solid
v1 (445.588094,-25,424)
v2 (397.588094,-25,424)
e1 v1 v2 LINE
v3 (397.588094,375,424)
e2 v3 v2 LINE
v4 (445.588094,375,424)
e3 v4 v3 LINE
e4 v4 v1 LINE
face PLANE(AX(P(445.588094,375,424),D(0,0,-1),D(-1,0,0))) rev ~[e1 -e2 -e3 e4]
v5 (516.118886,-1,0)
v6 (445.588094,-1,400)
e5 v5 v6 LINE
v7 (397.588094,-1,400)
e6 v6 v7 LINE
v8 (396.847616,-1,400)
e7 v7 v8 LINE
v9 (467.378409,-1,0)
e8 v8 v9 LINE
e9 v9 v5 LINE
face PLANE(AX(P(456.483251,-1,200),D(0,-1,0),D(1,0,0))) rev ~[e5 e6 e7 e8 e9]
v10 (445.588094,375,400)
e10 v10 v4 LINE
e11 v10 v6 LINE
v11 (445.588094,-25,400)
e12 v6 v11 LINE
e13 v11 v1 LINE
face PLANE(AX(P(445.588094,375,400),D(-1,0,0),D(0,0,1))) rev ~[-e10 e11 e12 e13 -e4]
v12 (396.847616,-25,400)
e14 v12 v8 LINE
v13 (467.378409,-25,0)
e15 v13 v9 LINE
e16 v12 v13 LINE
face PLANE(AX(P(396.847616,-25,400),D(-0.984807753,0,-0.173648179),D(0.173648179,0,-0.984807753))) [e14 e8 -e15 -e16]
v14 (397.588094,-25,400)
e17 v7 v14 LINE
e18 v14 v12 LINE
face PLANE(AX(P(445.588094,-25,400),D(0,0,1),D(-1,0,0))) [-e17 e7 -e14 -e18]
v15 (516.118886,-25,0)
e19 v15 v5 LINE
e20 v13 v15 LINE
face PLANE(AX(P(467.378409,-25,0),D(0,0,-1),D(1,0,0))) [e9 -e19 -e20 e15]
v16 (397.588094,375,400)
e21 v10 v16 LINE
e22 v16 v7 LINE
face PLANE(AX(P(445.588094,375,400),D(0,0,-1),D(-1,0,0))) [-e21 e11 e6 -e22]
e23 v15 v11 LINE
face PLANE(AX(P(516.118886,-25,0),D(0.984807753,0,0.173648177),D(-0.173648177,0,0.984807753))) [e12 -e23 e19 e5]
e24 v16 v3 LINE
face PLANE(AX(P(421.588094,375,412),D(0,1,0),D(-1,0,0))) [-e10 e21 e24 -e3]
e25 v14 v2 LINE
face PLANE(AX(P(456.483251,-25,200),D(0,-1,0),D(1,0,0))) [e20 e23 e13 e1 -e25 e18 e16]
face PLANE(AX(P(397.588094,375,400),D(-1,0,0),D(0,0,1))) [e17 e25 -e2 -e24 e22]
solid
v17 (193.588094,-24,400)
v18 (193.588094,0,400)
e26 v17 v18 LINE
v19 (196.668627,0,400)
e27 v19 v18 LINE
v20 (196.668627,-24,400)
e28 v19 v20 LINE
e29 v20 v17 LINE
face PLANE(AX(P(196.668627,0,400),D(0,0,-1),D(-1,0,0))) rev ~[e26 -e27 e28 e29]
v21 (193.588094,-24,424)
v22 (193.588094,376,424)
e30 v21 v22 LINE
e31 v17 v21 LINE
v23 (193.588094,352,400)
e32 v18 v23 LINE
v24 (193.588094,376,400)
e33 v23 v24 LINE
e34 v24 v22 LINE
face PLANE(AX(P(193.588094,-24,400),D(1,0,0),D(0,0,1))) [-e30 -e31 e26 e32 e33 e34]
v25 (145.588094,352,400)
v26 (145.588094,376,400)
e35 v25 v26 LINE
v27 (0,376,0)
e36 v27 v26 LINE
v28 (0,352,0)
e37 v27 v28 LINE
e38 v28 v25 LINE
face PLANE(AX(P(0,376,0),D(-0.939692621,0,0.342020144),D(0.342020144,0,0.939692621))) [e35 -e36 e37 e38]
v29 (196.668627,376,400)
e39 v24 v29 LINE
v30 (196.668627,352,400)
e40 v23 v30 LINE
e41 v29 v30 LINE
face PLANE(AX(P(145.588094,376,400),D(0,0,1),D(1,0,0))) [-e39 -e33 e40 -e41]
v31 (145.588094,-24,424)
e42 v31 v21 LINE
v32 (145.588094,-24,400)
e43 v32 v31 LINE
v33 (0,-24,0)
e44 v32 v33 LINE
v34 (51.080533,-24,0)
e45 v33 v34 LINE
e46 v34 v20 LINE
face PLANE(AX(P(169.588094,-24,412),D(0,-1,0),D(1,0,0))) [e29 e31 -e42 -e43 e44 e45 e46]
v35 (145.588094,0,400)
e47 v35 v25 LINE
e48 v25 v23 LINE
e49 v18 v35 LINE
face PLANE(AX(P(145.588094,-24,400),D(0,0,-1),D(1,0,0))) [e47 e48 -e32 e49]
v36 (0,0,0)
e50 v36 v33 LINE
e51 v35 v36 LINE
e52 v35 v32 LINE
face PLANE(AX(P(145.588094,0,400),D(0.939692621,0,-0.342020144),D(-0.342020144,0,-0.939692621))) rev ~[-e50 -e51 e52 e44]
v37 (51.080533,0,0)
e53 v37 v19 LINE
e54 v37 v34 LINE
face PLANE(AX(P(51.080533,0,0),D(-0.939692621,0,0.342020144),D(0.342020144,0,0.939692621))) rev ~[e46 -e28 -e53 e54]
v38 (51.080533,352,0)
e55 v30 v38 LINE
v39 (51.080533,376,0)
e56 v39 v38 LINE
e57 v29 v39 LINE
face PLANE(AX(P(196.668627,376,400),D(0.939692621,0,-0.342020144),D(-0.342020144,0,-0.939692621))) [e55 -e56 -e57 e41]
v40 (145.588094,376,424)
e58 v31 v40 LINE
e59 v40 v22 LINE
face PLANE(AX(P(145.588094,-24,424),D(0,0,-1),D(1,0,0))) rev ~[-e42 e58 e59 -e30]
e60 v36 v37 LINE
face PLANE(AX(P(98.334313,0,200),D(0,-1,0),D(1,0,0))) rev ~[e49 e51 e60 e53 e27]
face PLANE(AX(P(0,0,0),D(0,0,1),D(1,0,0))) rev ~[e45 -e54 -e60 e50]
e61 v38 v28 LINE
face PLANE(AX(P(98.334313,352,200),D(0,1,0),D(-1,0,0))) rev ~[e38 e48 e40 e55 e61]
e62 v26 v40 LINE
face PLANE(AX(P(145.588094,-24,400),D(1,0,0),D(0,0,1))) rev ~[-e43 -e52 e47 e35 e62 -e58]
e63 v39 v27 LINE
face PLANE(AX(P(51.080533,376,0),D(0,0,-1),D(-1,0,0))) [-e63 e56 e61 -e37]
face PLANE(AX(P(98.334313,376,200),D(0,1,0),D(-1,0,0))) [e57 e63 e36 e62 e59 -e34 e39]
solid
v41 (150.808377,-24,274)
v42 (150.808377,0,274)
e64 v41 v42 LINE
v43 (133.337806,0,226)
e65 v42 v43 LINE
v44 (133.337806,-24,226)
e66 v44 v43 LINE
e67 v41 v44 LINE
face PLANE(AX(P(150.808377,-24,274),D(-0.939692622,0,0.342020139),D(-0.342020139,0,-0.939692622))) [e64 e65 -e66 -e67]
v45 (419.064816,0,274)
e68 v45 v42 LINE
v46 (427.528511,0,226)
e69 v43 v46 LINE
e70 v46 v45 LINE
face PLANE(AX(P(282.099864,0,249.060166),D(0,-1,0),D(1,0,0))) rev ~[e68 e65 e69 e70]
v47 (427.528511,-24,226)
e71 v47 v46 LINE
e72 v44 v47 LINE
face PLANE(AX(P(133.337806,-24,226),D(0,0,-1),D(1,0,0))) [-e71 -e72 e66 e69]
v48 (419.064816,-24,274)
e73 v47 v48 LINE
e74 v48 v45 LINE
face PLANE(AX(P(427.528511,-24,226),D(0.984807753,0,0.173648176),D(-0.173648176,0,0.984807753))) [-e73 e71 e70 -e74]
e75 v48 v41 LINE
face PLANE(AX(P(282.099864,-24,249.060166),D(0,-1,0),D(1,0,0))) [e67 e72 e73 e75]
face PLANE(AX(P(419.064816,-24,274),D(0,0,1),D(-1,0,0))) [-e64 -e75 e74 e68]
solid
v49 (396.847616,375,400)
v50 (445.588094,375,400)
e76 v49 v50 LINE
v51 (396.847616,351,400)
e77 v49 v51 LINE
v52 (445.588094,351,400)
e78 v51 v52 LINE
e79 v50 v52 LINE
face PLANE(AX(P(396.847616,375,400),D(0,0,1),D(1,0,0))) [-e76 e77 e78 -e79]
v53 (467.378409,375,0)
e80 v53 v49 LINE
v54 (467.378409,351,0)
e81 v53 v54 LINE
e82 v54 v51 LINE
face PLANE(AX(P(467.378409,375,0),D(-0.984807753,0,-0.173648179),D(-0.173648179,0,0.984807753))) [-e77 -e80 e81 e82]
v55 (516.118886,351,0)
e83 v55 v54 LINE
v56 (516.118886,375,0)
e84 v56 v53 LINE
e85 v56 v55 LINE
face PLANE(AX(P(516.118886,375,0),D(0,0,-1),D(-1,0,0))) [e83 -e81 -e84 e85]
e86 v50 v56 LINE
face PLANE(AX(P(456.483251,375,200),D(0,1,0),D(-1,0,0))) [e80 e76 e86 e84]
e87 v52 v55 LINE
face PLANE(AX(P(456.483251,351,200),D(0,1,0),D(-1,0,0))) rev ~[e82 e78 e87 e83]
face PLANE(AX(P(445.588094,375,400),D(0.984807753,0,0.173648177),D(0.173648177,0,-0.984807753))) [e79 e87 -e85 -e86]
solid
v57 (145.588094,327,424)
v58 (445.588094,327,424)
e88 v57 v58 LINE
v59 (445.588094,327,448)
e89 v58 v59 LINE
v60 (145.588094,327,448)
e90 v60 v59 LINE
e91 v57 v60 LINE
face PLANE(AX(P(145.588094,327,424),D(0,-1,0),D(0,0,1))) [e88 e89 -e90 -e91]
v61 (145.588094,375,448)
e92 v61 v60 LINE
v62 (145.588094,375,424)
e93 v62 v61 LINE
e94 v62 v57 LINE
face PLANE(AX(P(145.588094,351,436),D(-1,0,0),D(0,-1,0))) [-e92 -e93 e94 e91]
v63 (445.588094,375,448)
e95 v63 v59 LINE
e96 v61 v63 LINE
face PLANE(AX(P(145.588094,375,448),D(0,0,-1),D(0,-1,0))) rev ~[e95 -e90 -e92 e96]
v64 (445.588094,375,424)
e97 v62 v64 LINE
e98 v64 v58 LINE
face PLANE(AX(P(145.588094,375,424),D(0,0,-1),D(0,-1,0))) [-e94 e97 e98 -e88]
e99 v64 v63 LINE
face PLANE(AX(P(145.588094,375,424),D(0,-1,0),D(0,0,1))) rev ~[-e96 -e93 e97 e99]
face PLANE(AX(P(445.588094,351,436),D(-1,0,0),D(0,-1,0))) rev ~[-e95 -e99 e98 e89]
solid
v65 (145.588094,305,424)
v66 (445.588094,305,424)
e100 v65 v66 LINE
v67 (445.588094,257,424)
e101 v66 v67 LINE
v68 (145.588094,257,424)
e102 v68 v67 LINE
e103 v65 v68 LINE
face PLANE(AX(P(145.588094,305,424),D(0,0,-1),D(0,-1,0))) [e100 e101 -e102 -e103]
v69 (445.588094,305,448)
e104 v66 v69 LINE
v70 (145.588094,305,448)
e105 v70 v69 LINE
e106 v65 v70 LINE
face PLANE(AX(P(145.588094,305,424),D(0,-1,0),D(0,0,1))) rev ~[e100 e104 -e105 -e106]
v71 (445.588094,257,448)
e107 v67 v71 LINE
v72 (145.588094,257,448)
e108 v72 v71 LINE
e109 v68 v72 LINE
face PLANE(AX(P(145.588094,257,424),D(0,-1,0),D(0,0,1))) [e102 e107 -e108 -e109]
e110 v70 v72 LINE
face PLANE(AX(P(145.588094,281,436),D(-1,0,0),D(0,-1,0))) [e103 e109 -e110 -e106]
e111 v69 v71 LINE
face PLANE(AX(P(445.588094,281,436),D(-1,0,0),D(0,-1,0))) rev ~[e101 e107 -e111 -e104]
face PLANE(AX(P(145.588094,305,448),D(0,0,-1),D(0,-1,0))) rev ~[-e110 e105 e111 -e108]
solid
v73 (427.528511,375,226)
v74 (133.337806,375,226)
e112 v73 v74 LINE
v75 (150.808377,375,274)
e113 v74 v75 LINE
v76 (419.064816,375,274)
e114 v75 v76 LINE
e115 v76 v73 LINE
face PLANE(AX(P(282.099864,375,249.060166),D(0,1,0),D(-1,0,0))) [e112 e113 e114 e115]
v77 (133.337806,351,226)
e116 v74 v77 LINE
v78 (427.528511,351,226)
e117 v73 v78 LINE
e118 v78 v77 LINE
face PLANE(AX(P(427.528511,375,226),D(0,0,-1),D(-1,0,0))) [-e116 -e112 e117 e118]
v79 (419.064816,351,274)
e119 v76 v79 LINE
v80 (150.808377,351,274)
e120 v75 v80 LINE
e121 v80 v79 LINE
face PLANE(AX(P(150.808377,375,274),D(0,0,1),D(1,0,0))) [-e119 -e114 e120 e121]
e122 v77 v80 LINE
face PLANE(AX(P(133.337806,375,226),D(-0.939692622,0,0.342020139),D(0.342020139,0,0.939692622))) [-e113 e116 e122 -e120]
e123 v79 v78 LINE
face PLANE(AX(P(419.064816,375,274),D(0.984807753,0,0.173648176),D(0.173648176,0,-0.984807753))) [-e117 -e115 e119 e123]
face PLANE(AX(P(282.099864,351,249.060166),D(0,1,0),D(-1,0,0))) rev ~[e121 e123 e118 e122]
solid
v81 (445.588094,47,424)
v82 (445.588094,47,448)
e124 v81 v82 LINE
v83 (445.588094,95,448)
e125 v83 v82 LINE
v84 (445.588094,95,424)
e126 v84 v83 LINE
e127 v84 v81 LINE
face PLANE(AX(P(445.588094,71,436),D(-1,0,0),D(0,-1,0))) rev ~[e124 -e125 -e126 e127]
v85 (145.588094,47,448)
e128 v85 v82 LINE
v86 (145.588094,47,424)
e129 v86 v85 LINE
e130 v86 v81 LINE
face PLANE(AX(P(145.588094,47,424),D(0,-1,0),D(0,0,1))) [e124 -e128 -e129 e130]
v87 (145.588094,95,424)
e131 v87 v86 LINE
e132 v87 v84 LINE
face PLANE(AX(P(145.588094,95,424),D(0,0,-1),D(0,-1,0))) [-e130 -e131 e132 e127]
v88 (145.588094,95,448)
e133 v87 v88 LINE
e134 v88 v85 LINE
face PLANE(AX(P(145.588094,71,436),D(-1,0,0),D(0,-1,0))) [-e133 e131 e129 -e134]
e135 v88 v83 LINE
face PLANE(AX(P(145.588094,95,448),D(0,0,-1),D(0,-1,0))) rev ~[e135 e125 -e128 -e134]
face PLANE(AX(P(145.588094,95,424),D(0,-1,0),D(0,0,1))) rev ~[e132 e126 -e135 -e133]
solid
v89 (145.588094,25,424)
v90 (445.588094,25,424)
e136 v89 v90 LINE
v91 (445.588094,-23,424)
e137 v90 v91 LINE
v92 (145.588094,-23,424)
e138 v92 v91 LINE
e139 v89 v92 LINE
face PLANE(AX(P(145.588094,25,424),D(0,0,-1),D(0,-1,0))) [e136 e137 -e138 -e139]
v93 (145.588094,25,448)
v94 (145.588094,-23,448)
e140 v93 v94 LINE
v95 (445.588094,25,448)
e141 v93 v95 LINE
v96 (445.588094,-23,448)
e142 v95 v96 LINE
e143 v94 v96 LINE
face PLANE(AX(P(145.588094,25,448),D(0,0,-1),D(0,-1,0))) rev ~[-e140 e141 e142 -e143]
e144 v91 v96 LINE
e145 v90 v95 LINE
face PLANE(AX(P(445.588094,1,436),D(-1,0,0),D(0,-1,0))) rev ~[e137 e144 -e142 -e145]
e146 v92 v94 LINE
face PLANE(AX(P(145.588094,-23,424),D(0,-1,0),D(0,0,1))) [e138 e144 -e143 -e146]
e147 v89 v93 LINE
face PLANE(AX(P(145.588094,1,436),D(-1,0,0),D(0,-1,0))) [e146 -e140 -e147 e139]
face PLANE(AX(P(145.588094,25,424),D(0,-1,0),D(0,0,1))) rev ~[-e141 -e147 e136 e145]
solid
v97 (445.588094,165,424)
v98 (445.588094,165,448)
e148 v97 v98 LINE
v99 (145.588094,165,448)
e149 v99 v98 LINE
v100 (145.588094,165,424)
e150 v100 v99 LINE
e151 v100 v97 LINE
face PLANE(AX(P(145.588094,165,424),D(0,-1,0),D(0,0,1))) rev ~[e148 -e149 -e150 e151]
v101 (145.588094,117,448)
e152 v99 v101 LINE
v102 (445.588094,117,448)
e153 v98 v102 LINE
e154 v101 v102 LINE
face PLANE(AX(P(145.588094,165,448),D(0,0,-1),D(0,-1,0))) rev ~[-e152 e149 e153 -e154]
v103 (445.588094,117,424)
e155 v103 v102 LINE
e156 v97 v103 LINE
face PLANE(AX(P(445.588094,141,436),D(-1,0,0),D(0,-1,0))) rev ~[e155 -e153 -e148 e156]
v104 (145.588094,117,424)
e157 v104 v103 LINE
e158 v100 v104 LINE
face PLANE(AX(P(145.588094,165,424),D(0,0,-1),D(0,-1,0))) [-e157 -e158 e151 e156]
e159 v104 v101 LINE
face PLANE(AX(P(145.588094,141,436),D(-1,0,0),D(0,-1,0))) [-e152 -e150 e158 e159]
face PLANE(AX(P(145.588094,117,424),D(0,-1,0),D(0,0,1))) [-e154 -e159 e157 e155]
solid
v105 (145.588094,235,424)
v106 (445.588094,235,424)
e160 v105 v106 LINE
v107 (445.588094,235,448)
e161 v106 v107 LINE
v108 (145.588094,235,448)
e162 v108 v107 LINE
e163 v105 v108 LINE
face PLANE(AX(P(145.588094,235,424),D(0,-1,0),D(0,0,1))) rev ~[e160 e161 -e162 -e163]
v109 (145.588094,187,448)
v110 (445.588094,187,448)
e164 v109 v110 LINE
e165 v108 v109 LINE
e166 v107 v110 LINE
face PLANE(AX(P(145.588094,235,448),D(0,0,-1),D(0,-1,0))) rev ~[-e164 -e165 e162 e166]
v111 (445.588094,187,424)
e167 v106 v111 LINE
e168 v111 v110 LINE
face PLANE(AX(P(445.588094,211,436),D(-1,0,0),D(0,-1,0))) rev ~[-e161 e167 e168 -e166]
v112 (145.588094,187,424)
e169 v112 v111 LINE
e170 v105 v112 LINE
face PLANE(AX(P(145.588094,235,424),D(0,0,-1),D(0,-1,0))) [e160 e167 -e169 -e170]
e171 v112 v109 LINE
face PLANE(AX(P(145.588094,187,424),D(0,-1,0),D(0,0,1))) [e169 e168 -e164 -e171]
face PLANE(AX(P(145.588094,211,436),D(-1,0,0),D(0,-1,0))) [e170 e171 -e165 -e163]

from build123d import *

# Parameters (mm, degrees)
F1_DEPTH  = 24
F2_W      = 48
F2_H      = 24
F3_DEPTH  = 400
F5_DEPTH  = 24
F6_W      = 48
F6_H      = 24
F7_DEPTH  = 300
F8_W      = 48
F8_H      = 24
F9_DEPTH  = 400
F11_DEPTH = 24
F13_DEPTH = 24
F15_DEPTH = 24
F17_DEPTH = 24


with BuildPart() as f1:
    # F0 (on Front) → F1 (new body)
    with BuildSketch(Plane.XZ):
        Polygon((145.588094, 400), (0, 0), (51.080533, 0), (196.668627, 400), align=None)
    extrude(amount=F1_DEPTH)

    # F2 (on face) → F3 (join)
    with BuildSketch(Plane.XZ.offset(24)):
        with Locations((169.588094, 412)):
            Rectangle(F2_W, F2_H)
    extrude(amount=-F3_DEPTH)

    # F4 (on face) → F5 (join)
    with BuildSketch(Plane(origin=(0, 376, 0), x_dir=(-1, 0, 0), z_dir=(0, 1, 0))):
        Polygon((-51.080533, 0), (0, 0), (-145.588094, 400), (-196.668627, 400), align=None)
    extrude(amount=-F5_DEPTH)


with BuildPart() as f7:
    # F6 (on face) → F7 (new body)
    with BuildSketch(Plane(origin=(145.588094, 0, 0), x_dir=(0, -1, 0), z_dir=(-1, 0, 0))):
        with Locations((-351, 436)):
            Rectangle(F6_W, F6_H)
        with Locations((-281, 436)):
            Rectangle(F6_W, F6_H)
        with Locations((-211, 436)):
            Rectangle(F6_W, F6_H)
        with Locations((-141, 436)):
            Rectangle(F6_W, F6_H)
        with Locations((-71, 436)):
            Rectangle(F6_W, F6_H)
        with Locations((-1, 436)):
            Rectangle(F6_W, F6_H)
    extrude(amount=-F7_DEPTH)


with BuildPart() as f9:
    # F8 (on face) → F9 (new body)
    with BuildSketch(Plane(origin=(0, 375, 0), x_dir=(-1, 0, 0), z_dir=(0, 1, 0))):
        with Locations((-421.588094, 412)):
            Rectangle(F8_W, F8_H)
    extrude(amount=-F9_DEPTH)

    # F12 (on face) → F13 (join)
    with BuildSketch(Plane.XZ.offset(25)):
        Polygon((516.118886, 0), (445.588094, 400), (396.847616, 400), (467.378409, 0), align=None)
    extrude(amount=-F13_DEPTH)


with BuildPart() as f11:
    # F10 (on face) → F11 (new body)
    with BuildSketch(Plane(origin=(0, 375, 0), x_dir=(-1, 0, 0), z_dir=(0, 1, 0))):
        Polygon((-396.847616, 400), (-445.588094, 400), (-516.118886, 0), (-467.378409, 0), align=None)
    extrude(amount=-F11_DEPTH)


with BuildPart() as f15:
    # F14 (on face) → F15 (new body)
    with BuildSketch(Plane.XZ.offset(24)):
        Polygon((133.337806, 226), (427.528511, 226), (419.064816, 274), (150.808377, 274), align=None)
    extrude(amount=-F15_DEPTH)


with BuildPart() as f17:
    # F16 (on face) → F17 (new body)
    with BuildSketch(Plane(origin=(0, 375, 0), x_dir=(-1, 0, 0), z_dir=(0, 1, 0))):
        Polygon((-133.337806, 226), (-150.808377, 274), (-419.064816, 274), (-427.528511, 226), align=None)
    extrude(amount=-F17_DEPTH)


solid = Compound([f1.part, f7.part, f9.part, f11.part, f15.part, f17.part])
